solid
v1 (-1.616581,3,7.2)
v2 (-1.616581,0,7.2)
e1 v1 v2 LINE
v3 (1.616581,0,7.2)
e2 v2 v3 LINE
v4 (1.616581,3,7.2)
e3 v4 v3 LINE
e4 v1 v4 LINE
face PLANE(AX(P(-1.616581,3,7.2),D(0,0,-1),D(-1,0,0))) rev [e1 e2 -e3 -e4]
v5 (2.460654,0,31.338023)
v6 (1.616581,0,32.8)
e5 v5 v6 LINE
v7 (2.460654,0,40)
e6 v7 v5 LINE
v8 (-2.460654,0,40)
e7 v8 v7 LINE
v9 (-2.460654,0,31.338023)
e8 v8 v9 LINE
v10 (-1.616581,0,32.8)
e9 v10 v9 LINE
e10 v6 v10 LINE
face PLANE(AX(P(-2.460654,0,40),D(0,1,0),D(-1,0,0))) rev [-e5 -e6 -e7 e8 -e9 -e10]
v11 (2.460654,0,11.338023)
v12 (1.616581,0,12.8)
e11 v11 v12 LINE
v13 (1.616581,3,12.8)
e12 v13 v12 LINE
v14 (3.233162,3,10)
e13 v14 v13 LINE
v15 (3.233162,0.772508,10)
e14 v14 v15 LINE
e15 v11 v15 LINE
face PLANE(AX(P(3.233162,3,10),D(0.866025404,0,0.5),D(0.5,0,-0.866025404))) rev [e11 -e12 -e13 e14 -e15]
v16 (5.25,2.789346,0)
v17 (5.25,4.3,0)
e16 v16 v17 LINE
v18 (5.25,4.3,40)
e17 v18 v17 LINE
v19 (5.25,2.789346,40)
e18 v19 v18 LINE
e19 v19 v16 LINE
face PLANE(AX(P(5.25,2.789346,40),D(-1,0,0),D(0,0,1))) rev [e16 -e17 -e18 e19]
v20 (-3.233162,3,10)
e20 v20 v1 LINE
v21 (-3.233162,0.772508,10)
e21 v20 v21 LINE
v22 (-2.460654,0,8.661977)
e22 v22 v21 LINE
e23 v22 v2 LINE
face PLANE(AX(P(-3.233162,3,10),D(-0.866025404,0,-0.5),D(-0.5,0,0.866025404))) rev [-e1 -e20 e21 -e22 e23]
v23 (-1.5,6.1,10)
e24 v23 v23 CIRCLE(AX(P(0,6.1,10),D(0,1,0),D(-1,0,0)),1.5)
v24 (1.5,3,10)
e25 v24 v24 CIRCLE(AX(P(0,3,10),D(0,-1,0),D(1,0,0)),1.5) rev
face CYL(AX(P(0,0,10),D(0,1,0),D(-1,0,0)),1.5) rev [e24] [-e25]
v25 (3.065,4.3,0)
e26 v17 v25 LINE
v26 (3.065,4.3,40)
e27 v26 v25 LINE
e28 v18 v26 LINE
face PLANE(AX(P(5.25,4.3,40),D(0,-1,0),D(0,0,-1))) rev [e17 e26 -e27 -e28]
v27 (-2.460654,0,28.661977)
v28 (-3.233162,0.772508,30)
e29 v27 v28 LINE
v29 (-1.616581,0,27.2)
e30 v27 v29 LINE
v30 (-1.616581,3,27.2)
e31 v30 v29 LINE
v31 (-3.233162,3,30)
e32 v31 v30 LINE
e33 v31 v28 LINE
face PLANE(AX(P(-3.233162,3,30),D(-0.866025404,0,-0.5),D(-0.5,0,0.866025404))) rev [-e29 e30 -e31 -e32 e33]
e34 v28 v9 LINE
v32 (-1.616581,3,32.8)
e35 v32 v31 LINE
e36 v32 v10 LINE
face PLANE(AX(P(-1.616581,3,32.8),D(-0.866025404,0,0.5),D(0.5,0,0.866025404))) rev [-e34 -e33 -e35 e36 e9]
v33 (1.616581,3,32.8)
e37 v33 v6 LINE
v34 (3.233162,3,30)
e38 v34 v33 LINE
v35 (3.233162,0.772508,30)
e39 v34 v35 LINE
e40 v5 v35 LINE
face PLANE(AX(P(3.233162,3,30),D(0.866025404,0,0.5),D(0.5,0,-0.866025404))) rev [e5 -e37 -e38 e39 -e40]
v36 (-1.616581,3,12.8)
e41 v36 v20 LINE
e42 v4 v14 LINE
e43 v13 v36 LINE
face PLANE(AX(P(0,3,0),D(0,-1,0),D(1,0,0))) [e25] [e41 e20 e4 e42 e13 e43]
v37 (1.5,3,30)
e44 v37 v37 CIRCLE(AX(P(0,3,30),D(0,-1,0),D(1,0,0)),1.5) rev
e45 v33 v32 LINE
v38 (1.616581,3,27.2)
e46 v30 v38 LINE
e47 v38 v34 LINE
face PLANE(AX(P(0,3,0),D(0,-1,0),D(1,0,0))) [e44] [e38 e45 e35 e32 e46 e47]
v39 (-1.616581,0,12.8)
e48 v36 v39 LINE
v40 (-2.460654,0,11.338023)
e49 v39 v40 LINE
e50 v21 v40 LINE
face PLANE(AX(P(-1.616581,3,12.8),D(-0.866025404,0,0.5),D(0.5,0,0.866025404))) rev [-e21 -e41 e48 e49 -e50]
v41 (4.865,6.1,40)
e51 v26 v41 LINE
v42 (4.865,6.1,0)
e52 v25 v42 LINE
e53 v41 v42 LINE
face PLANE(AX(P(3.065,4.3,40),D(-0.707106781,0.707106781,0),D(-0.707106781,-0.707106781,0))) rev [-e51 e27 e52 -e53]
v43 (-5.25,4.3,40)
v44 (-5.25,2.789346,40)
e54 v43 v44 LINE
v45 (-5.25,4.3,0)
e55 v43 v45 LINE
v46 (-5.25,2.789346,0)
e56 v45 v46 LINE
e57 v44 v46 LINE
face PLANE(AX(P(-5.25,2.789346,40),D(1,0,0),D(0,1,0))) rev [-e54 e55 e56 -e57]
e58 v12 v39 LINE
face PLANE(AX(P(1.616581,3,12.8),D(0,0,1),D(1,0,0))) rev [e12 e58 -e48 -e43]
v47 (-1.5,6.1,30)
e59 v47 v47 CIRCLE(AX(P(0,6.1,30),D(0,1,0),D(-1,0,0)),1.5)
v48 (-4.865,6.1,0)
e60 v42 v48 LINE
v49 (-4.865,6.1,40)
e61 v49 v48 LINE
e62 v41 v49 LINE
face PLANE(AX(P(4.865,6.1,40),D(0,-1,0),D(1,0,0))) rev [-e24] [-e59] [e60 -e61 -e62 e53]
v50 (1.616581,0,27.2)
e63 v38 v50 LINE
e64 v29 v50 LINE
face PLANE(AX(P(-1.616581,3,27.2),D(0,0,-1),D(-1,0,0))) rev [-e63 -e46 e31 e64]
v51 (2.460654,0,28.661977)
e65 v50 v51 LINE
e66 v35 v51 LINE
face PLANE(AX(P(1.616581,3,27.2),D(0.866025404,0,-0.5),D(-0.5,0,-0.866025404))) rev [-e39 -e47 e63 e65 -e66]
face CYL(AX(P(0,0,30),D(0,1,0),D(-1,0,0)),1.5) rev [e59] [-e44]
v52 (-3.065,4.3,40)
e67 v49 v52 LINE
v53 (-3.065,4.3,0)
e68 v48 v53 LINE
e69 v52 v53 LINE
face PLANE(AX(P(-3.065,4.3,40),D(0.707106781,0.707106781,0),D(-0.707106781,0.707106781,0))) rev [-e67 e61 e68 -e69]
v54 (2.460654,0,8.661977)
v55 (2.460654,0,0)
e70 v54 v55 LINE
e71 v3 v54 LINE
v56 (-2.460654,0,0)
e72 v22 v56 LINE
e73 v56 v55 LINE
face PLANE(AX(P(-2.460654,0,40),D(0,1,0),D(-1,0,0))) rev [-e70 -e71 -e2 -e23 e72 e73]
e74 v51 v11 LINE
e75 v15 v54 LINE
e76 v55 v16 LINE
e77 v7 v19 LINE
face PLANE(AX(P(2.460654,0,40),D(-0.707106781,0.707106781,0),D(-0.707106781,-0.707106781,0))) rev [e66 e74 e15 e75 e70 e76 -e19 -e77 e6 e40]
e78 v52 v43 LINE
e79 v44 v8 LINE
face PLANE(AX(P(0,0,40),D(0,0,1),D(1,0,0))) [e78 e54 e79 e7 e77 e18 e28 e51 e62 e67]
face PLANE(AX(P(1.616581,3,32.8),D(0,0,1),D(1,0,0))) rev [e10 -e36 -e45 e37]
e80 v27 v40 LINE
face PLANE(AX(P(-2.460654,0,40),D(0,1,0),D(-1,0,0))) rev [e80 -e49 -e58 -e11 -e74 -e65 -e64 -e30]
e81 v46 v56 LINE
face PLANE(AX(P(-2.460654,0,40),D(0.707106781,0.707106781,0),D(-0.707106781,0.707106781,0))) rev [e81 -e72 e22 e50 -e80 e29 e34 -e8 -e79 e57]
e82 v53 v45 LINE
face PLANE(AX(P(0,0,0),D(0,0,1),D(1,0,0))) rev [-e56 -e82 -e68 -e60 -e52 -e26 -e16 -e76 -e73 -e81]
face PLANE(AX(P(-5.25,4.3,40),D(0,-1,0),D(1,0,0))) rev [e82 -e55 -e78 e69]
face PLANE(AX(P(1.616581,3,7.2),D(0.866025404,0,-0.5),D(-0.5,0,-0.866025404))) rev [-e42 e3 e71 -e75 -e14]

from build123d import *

# Parameters (mm, degrees)
BOSS_EXTRUDE1_DEPTH = 40
SKETCH2_R           = 1.5
CUT_EXTRUDE1_DEPTH  = 7.1
CUT_EXTRUDE3_DEPTH  = 3


with BuildPart() as part:
    # Sketch1 → Boss-Extrude1 (new body)
    with BuildSketch(Plane.XY):
        Polygon((-2.460653528, 0), (2.460653528, 0), (5.25, 2.789346472), (5.25, 4.3), (3.065, 4.3), (4.865, 6.1), (-4.865, 6.1), (-3.065, 4.3), (-5.25, 4.3), (-5.25, 2.789346472), align=None)
    extrude(amount=BOSS_EXTRUDE1_DEPTH)

    # Sketch2 → Cut-Extrude1 (cut, through all)
    with BuildSketch(Plane(origin=(0, 6.1, 0), x_dir=(1, 0, 0), z_dir=(0, 1, 0))):
        with Locations((0, -30)):
            Circle(SKETCH2_R)
        with Locations((0, -10)):
            Circle(SKETCH2_R)
    extrude(amount=-CUT_EXTRUDE1_DEPTH, mode=Mode.SUBTRACT)

    # Sketch5 → Cut-Extrude3 (cut)
    with BuildSketch(Plane(origin=(0, 0, 0), x_dir=(-1, 0, 0), z_dir=(0, -1, 0))):
        Polygon((-3.233161507, -10), (-1.616580754, -12.8), (1.616580754, -12.8), (3.233161507, -10), (1.616580754, -7.2), (-1.616580754, -7.2), align=None)
        Polygon((-3.233161507, -30), (-1.616580754, -32.8), (1.616580754, -32.8), (3.233161507, -30), (1.616580754, -27.2), (-1.616580754, -27.2), align=None)
    extrude(amount=-CUT_EXTRUDE3_DEPTH, mode=Mode.SUBTRACT)


solid = part.part
